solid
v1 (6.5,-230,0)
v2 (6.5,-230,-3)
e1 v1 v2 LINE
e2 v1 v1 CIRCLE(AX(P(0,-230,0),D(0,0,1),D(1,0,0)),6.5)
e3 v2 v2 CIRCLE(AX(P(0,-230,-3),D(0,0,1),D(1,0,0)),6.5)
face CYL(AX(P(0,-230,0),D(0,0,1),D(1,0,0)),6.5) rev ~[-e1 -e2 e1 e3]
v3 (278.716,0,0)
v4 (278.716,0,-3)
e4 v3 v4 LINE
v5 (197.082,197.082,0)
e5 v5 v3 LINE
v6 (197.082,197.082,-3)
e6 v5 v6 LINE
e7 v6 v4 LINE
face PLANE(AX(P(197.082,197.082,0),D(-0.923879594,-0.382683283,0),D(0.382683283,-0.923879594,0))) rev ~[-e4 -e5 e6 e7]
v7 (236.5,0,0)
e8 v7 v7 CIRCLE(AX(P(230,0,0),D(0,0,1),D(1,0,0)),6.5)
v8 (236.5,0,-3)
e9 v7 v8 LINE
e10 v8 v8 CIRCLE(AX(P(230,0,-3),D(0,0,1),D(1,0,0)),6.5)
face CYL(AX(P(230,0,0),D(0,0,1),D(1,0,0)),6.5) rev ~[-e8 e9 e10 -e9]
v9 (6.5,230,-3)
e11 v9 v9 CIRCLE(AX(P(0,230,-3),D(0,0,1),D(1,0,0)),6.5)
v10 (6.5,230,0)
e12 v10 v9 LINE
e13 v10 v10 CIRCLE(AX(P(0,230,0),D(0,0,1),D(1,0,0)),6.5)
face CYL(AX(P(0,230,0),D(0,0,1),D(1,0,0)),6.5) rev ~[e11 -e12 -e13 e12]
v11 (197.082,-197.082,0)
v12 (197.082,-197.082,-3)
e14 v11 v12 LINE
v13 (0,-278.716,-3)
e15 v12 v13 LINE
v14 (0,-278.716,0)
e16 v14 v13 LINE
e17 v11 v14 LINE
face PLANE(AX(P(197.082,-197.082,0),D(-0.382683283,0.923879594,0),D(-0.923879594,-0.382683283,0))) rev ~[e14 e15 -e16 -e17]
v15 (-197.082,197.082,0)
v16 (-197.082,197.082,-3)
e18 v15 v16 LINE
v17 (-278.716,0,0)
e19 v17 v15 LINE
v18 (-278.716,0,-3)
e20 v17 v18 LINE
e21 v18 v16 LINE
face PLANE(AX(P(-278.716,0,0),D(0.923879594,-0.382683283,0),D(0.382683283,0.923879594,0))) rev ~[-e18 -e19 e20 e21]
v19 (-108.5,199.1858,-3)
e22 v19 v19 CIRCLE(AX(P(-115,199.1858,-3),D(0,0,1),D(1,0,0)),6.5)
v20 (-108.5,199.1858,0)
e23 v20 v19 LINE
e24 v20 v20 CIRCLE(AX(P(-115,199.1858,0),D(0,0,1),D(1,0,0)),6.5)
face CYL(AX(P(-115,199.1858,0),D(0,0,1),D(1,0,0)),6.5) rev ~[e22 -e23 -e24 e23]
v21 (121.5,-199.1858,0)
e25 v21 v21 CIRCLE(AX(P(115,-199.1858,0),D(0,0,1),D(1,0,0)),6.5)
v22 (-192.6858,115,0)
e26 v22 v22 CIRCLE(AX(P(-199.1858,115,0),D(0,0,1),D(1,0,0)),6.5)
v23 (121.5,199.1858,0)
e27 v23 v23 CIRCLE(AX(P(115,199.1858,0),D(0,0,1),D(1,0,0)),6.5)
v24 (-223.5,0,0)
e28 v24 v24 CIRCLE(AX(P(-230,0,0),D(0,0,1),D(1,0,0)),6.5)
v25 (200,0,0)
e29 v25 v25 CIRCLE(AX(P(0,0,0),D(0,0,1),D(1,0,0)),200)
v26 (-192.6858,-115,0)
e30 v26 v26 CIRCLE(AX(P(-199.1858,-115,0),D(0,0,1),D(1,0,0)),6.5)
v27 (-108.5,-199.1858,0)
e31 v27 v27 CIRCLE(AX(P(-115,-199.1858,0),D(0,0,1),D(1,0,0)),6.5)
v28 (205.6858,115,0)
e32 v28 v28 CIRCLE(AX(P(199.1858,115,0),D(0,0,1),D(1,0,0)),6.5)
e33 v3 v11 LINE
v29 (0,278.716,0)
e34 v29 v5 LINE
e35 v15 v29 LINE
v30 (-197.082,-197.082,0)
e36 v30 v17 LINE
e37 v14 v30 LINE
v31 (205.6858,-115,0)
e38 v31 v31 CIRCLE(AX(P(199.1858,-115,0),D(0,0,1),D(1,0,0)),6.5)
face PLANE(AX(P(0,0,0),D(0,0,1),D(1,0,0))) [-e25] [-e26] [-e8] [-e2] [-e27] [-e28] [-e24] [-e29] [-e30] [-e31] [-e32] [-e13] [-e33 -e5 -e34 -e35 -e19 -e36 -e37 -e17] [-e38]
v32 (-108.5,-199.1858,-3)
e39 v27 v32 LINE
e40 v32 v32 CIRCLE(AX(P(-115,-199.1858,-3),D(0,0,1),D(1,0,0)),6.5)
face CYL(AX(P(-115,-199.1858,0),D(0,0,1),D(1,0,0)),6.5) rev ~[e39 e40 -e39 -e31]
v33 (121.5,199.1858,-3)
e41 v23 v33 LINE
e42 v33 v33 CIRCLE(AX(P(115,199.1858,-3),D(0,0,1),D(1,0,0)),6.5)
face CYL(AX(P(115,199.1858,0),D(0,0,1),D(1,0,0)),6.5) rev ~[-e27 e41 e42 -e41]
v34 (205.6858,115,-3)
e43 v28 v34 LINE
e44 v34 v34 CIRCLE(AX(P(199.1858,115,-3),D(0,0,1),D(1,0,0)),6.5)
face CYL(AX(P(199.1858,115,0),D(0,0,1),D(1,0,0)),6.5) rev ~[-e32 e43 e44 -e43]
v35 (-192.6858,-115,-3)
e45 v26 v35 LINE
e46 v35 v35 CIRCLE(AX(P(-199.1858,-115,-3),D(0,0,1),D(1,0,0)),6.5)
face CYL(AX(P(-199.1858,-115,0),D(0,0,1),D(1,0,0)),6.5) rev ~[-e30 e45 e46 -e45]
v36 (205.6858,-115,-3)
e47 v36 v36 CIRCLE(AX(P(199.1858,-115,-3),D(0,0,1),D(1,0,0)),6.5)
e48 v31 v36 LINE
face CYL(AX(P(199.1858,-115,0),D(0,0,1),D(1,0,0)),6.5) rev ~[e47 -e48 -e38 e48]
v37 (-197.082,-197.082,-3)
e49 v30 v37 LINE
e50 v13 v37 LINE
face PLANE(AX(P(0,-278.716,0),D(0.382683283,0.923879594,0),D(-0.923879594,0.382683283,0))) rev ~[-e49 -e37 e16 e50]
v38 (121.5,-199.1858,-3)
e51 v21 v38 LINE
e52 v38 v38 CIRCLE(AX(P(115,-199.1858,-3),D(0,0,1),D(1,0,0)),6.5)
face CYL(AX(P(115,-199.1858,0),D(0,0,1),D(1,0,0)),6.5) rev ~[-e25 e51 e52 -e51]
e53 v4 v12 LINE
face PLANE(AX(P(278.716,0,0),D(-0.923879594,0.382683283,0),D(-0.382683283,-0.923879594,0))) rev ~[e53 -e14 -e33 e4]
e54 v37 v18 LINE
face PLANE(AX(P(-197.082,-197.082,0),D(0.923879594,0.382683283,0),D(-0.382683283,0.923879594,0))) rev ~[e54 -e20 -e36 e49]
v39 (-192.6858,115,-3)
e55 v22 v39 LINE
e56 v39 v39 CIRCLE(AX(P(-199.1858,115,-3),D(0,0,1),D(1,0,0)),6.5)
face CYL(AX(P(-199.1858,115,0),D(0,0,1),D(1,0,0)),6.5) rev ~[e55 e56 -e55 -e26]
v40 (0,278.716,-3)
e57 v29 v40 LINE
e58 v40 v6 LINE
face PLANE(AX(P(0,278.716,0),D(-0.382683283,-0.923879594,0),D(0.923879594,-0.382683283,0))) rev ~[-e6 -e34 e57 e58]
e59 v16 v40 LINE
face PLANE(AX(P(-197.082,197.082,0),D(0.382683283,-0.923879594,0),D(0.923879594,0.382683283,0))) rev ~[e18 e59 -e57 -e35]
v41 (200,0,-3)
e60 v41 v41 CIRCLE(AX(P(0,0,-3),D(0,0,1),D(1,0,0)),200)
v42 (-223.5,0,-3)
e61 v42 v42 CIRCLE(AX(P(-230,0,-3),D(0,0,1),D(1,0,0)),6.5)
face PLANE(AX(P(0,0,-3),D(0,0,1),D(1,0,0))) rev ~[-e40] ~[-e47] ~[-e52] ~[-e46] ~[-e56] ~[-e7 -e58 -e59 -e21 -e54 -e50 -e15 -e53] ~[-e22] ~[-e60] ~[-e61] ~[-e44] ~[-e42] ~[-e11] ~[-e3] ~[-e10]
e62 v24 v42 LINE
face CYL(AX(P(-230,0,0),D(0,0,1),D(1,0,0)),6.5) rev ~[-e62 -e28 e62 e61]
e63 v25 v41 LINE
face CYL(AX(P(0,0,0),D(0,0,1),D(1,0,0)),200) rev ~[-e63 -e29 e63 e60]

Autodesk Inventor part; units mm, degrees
ref_plane "YZ Plane" through (0, 0, 0) normal (1, 0, 0) x (0, 1, 0)
ref_plane "XZ Plane" through (0, 0, 0) normal (0, 1, 0) x (-1, 0, 0)
ref_plane "XY Plane" through (0, 0, 0) normal (0, 0, 1) x (1, 0, 0)
sketch "Sketch2" plane through (0, 0, 0) normal (0, 0, 1) x (1, 0, 0)
  line L0 (-197.082, 197.082) -> (0, 278.716)
  line L1 (0, 278.716) -> (197.082, 197.082)
  line L2 (197.082, 197.082) -> (278.716, 0)
  line L3 (278.716, 0) -> (197.082, -197.082)
  line L4 (197.082, -197.082) -> (0, -278.716)
  line L5 (0, -278.716) -> (-197.082, -197.082)
  line L6 (-197.082, -197.082) -> (-278.716, 0)
  line L7 (-278.716, 0) -> (-197.082, 197.082)
  circle A0 centre (0, 0) radius 200
  dimension "d23" = 515
  dimension "d26" = 400
extrude "Plate1" add sketch "Sketch2" against normal blind 3
sketch "Sketch4" plane through (0, 0, 0) normal (0, 0, 1) x (1, 0, 0)
  circle A0 centre (0, 230) radius 6.5
  circle A1 centre (0, 0) radius 200 construction
  circle A2 centre (0, 0) radius 230 construction
  circle A3 centre (-115, 199.1858) radius 6.5
  circle A4 centre (-199.1858, 115) radius 6.5
  circle A5 centre (-230, 0) radius 6.5
  circle A6 centre (-199.1858, -115) radius 6.5
  circle A7 centre (-115, -199.1858) radius 6.5
  circle A8 centre (0, -230) radius 6.5
  circle A9 centre (115, -199.1858) radius 6.5
  circle A10 centre (199.1858, -115) radius 6.5
  circle A11 centre (230, 0) radius 6.5
  circle A12 centre (199.1858, 115) radius 6.5
  circle A13 centre (115, 199.1858) radius 6.5
  dimension "d32" = 460
  dimension "d16" = 13
  dimension "d30" = 360
extrude "Extrusion1" cut sketch "Sketch4" against normal up to surface (3 mm away)
equation "\"d23\" = Барабан_размер_по_плоскостям"
equation "\"d15\" = Thickness"
equation "\"BendRadius\" = Thickness"
equation "\"BendReliefWidth\" = Thickness"
equation "\"BendReliefDepth\" = 0.5 * Thickness"
equation "\"CornerReliefSize\" = 4 * Thickness"
equation "\"MinimumRemnant\" = 2 * Thickness"
equation "\"TransitionRadius\" = BendRadius"
equation "\"JacobiRadiusSize\" = BendRadius"
equation "\"GapSize\" = Thickness"
equation "\"Барабан_размер_по_плоскостям\" = 515"
equation "\"Thickness\" = 3"
properties part number "DMF 01 21 Барабан торец НОС v2.1"
